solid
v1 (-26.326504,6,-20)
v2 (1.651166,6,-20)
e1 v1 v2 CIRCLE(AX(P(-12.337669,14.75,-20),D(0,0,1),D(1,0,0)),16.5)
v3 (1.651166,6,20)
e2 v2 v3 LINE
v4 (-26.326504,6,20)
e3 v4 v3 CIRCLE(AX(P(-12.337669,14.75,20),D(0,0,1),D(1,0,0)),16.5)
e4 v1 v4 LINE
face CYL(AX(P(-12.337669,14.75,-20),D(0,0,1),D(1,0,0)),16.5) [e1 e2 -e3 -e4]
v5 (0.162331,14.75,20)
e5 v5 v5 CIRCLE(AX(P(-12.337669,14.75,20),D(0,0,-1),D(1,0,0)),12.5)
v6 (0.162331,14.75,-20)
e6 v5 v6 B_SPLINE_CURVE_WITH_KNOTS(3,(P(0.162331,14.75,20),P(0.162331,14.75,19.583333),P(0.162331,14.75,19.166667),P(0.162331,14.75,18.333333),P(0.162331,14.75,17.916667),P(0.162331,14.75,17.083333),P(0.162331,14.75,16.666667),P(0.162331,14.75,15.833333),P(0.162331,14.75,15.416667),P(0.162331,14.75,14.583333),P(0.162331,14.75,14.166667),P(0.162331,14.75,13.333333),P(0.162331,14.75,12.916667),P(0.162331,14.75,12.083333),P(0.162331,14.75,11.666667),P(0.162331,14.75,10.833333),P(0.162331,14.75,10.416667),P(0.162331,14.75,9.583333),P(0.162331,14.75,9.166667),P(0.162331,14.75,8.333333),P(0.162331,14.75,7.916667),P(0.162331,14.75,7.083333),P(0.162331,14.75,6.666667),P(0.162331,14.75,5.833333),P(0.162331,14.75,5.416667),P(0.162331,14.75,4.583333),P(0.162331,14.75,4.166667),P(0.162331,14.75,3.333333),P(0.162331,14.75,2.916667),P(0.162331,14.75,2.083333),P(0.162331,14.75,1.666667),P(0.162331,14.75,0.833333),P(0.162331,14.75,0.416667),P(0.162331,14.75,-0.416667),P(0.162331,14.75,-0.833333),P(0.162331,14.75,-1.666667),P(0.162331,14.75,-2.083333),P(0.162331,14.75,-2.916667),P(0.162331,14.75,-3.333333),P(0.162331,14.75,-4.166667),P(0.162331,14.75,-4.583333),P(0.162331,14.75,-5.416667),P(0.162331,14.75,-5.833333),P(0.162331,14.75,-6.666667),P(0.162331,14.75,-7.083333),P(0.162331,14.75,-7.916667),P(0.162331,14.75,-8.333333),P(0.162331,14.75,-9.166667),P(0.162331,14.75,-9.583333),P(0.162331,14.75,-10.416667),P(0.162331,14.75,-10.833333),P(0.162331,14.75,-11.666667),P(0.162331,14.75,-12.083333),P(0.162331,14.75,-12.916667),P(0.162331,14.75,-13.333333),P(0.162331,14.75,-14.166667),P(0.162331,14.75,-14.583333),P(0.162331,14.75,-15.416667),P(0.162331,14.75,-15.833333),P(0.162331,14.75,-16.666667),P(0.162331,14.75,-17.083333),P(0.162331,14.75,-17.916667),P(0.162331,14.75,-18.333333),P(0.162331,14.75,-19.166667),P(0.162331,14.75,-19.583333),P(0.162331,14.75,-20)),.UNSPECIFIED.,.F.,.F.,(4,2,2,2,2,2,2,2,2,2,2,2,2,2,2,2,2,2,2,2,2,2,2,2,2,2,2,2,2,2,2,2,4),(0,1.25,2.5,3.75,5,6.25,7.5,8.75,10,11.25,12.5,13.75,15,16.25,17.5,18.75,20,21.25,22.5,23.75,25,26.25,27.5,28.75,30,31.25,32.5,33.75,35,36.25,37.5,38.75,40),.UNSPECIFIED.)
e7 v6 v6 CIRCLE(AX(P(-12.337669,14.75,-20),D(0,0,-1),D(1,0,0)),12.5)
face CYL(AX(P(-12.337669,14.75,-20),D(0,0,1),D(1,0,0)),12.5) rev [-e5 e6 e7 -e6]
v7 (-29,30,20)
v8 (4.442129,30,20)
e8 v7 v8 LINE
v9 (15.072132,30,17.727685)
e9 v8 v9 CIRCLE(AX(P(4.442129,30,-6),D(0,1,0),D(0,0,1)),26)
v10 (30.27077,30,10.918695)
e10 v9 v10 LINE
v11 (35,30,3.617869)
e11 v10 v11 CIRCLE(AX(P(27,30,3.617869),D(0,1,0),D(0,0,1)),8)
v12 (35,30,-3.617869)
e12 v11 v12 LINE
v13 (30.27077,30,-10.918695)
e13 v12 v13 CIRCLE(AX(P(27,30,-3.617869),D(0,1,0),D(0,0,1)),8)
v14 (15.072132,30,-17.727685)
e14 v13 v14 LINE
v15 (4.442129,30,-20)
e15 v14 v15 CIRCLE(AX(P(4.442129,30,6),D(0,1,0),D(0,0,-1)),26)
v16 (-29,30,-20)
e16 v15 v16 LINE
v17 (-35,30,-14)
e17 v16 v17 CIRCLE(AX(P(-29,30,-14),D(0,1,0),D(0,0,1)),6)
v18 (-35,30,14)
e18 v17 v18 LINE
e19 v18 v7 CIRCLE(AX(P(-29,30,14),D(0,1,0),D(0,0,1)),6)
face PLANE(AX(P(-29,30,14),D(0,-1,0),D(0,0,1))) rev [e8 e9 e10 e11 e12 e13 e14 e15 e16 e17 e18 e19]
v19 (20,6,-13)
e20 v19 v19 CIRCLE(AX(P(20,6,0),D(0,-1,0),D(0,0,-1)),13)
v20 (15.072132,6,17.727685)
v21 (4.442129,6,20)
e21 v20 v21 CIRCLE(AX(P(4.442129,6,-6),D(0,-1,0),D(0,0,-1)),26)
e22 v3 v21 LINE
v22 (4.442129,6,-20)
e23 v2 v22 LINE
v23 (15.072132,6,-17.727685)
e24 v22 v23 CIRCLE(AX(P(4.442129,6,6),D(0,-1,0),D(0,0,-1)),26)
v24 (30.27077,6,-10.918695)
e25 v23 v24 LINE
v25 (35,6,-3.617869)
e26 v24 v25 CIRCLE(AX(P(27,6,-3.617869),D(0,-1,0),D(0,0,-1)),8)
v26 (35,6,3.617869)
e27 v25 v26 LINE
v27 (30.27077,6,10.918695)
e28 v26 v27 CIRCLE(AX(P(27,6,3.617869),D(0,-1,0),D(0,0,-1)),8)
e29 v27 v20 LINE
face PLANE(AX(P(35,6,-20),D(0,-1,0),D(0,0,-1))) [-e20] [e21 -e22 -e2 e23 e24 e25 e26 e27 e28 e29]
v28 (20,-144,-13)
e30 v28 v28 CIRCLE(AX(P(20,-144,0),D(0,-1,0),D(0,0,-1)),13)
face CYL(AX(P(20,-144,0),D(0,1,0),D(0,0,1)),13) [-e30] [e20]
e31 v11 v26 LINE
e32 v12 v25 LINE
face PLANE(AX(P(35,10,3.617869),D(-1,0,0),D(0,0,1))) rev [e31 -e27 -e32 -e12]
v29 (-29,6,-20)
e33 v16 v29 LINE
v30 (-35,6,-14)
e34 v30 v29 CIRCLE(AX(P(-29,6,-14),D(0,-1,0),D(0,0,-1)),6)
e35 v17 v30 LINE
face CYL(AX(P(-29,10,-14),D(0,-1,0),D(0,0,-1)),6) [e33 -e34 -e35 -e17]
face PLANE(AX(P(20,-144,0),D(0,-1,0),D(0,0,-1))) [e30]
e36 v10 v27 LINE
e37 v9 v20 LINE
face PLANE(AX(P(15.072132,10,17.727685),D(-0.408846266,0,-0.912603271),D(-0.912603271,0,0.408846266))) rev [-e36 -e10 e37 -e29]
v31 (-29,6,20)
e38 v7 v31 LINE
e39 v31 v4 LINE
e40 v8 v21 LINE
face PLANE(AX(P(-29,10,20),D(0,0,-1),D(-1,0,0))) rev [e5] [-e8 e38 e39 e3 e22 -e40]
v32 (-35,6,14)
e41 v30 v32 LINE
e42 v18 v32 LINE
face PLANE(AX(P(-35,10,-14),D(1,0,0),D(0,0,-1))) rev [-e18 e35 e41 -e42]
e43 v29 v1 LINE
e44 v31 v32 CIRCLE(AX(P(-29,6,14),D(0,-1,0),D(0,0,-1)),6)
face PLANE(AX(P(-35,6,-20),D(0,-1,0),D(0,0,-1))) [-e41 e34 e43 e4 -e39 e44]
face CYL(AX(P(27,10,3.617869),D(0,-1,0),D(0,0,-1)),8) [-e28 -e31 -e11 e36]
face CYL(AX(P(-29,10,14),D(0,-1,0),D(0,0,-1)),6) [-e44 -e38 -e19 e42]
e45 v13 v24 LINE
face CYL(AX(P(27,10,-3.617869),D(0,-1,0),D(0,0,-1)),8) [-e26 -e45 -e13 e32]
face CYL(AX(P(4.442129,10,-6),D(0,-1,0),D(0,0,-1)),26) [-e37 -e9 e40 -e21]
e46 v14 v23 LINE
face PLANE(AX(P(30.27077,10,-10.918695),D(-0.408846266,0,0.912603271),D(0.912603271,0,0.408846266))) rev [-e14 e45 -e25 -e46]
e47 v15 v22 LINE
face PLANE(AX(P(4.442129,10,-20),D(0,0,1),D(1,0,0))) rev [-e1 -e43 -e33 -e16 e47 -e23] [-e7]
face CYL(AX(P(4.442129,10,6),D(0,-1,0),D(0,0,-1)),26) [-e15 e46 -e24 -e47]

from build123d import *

# Parameters (mm, degrees)
BOSS_EXTRUDE1_DEPTH = 10
SKETCH2_OUTSIDE_W   = 88.614
SKETCH2_OUTSIDE_H   = 38.614
CUT_EXTRUDE1_DEPTH  = 55.083269132
SKETCH3_R           = 13
BOSS_EXTRUDE2_DEPTH = 150
SKETCH15_R          = 12.5
CUT_EXTRUDE2_DEPTH  = 154.495928285


with BuildPart() as part:
    # Sketch1 → Boss-Extrude1 (new, symmetric)
    with BuildSketch(Plane(origin=(0, 0, 0), x_dir=(1, 0, 0), z_dir=(0, 1, 0))):
        with BuildLine():
            Line((4.442128661, 20), (-29, 20))
            ThreePointArc((-29, 20), (-33.242640687, 18.242640687), (-35, 14))
            Line((-35, 14), (-35, -14))
            ThreePointArc((-35, -14), (-33.242640687, -18.242640687), (-29, -20))
            Line((-29, -20), (4.442128661, -20))
            ThreePointArc((4.442128661, -20), (9.877208627, -19.42557582), (15.072131567, -17.727685058))
            Line((15.072131567, -17.727685058), (30.270770125, -10.918694984))
            ThreePointArc((30.270770125, -10.918694984), (33.714393532, -7.967227328), (35, -3.617868812))
            Line((35, -3.617868812), (35, 3.617868812))
            ThreePointArc((35, 3.617868812), (33.714393532, 7.967227328), (30.270770125, 10.918694984))
            Line((30.270770125, 10.918694984), (15.072131567, 17.727685058))
            ThreePointArc((15.072131567, 17.727685058), (9.877208627, 19.42557582), (4.442128661, 20))
        make_face()
    boss_extrude1 = extrude(amount=BOSS_EXTRUDE1_DEPTH, both=True)

    # Sketch2 outside → Cut-Extrude1 (cut, through all)
    with BuildSketch(Plane.XY.offset(20)):
        Rectangle(SKETCH2_OUTSIDE_W, SKETCH2_OUTSIDE_H)
        with BuildLine():
            Line((-35, 10), (-23.9, 10))
            ThreePointArc((-23.9, 10), (-12.33766892, 2.25), (-0.77533784, 10))
            Line((-0.77533784, 10), (35, 10))
            Line((35, 10), (35, 6))
            Line((35, 6), (1.651165913, 6))
            ThreePointArc((1.651165913, 6), (-12.33766892, -1.75), (-26.326503754, 6))
            Line((-26.326503754, 6), (-35, 6))
            Line((-35, 6), (-35, 10))
        make_face(mode=Mode.SUBTRACT)
    extrude(amount=-CUT_EXTRUDE1_DEPTH, mode=Mode.SUBTRACT)

    # Sketch3 → Boss-Extrude2 (add)
    with BuildSketch(Plane.XZ.offset(-6)):
        with Locations(Location((20, 0, 0), (0, 0, 270))):
            Circle(SKETCH3_R)
    extrude(amount=BOSS_EXTRUDE2_DEPTH)

    # Mirror1: Boss-Extrude1 across plane
    add(boss_extrude1.mirror(Plane.ZX.offset(10)))

    # Sketch15 → Cut-Extrude2 (cut, through all)
    with BuildSketch(Plane.XY.offset(20)):
        with Locations((-12.33766892, 14.75)):
            Circle(SKETCH15_R)
    extrude(amount=-CUT_EXTRUDE2_DEPTH, mode=Mode.SUBTRACT)


solid = part.part
